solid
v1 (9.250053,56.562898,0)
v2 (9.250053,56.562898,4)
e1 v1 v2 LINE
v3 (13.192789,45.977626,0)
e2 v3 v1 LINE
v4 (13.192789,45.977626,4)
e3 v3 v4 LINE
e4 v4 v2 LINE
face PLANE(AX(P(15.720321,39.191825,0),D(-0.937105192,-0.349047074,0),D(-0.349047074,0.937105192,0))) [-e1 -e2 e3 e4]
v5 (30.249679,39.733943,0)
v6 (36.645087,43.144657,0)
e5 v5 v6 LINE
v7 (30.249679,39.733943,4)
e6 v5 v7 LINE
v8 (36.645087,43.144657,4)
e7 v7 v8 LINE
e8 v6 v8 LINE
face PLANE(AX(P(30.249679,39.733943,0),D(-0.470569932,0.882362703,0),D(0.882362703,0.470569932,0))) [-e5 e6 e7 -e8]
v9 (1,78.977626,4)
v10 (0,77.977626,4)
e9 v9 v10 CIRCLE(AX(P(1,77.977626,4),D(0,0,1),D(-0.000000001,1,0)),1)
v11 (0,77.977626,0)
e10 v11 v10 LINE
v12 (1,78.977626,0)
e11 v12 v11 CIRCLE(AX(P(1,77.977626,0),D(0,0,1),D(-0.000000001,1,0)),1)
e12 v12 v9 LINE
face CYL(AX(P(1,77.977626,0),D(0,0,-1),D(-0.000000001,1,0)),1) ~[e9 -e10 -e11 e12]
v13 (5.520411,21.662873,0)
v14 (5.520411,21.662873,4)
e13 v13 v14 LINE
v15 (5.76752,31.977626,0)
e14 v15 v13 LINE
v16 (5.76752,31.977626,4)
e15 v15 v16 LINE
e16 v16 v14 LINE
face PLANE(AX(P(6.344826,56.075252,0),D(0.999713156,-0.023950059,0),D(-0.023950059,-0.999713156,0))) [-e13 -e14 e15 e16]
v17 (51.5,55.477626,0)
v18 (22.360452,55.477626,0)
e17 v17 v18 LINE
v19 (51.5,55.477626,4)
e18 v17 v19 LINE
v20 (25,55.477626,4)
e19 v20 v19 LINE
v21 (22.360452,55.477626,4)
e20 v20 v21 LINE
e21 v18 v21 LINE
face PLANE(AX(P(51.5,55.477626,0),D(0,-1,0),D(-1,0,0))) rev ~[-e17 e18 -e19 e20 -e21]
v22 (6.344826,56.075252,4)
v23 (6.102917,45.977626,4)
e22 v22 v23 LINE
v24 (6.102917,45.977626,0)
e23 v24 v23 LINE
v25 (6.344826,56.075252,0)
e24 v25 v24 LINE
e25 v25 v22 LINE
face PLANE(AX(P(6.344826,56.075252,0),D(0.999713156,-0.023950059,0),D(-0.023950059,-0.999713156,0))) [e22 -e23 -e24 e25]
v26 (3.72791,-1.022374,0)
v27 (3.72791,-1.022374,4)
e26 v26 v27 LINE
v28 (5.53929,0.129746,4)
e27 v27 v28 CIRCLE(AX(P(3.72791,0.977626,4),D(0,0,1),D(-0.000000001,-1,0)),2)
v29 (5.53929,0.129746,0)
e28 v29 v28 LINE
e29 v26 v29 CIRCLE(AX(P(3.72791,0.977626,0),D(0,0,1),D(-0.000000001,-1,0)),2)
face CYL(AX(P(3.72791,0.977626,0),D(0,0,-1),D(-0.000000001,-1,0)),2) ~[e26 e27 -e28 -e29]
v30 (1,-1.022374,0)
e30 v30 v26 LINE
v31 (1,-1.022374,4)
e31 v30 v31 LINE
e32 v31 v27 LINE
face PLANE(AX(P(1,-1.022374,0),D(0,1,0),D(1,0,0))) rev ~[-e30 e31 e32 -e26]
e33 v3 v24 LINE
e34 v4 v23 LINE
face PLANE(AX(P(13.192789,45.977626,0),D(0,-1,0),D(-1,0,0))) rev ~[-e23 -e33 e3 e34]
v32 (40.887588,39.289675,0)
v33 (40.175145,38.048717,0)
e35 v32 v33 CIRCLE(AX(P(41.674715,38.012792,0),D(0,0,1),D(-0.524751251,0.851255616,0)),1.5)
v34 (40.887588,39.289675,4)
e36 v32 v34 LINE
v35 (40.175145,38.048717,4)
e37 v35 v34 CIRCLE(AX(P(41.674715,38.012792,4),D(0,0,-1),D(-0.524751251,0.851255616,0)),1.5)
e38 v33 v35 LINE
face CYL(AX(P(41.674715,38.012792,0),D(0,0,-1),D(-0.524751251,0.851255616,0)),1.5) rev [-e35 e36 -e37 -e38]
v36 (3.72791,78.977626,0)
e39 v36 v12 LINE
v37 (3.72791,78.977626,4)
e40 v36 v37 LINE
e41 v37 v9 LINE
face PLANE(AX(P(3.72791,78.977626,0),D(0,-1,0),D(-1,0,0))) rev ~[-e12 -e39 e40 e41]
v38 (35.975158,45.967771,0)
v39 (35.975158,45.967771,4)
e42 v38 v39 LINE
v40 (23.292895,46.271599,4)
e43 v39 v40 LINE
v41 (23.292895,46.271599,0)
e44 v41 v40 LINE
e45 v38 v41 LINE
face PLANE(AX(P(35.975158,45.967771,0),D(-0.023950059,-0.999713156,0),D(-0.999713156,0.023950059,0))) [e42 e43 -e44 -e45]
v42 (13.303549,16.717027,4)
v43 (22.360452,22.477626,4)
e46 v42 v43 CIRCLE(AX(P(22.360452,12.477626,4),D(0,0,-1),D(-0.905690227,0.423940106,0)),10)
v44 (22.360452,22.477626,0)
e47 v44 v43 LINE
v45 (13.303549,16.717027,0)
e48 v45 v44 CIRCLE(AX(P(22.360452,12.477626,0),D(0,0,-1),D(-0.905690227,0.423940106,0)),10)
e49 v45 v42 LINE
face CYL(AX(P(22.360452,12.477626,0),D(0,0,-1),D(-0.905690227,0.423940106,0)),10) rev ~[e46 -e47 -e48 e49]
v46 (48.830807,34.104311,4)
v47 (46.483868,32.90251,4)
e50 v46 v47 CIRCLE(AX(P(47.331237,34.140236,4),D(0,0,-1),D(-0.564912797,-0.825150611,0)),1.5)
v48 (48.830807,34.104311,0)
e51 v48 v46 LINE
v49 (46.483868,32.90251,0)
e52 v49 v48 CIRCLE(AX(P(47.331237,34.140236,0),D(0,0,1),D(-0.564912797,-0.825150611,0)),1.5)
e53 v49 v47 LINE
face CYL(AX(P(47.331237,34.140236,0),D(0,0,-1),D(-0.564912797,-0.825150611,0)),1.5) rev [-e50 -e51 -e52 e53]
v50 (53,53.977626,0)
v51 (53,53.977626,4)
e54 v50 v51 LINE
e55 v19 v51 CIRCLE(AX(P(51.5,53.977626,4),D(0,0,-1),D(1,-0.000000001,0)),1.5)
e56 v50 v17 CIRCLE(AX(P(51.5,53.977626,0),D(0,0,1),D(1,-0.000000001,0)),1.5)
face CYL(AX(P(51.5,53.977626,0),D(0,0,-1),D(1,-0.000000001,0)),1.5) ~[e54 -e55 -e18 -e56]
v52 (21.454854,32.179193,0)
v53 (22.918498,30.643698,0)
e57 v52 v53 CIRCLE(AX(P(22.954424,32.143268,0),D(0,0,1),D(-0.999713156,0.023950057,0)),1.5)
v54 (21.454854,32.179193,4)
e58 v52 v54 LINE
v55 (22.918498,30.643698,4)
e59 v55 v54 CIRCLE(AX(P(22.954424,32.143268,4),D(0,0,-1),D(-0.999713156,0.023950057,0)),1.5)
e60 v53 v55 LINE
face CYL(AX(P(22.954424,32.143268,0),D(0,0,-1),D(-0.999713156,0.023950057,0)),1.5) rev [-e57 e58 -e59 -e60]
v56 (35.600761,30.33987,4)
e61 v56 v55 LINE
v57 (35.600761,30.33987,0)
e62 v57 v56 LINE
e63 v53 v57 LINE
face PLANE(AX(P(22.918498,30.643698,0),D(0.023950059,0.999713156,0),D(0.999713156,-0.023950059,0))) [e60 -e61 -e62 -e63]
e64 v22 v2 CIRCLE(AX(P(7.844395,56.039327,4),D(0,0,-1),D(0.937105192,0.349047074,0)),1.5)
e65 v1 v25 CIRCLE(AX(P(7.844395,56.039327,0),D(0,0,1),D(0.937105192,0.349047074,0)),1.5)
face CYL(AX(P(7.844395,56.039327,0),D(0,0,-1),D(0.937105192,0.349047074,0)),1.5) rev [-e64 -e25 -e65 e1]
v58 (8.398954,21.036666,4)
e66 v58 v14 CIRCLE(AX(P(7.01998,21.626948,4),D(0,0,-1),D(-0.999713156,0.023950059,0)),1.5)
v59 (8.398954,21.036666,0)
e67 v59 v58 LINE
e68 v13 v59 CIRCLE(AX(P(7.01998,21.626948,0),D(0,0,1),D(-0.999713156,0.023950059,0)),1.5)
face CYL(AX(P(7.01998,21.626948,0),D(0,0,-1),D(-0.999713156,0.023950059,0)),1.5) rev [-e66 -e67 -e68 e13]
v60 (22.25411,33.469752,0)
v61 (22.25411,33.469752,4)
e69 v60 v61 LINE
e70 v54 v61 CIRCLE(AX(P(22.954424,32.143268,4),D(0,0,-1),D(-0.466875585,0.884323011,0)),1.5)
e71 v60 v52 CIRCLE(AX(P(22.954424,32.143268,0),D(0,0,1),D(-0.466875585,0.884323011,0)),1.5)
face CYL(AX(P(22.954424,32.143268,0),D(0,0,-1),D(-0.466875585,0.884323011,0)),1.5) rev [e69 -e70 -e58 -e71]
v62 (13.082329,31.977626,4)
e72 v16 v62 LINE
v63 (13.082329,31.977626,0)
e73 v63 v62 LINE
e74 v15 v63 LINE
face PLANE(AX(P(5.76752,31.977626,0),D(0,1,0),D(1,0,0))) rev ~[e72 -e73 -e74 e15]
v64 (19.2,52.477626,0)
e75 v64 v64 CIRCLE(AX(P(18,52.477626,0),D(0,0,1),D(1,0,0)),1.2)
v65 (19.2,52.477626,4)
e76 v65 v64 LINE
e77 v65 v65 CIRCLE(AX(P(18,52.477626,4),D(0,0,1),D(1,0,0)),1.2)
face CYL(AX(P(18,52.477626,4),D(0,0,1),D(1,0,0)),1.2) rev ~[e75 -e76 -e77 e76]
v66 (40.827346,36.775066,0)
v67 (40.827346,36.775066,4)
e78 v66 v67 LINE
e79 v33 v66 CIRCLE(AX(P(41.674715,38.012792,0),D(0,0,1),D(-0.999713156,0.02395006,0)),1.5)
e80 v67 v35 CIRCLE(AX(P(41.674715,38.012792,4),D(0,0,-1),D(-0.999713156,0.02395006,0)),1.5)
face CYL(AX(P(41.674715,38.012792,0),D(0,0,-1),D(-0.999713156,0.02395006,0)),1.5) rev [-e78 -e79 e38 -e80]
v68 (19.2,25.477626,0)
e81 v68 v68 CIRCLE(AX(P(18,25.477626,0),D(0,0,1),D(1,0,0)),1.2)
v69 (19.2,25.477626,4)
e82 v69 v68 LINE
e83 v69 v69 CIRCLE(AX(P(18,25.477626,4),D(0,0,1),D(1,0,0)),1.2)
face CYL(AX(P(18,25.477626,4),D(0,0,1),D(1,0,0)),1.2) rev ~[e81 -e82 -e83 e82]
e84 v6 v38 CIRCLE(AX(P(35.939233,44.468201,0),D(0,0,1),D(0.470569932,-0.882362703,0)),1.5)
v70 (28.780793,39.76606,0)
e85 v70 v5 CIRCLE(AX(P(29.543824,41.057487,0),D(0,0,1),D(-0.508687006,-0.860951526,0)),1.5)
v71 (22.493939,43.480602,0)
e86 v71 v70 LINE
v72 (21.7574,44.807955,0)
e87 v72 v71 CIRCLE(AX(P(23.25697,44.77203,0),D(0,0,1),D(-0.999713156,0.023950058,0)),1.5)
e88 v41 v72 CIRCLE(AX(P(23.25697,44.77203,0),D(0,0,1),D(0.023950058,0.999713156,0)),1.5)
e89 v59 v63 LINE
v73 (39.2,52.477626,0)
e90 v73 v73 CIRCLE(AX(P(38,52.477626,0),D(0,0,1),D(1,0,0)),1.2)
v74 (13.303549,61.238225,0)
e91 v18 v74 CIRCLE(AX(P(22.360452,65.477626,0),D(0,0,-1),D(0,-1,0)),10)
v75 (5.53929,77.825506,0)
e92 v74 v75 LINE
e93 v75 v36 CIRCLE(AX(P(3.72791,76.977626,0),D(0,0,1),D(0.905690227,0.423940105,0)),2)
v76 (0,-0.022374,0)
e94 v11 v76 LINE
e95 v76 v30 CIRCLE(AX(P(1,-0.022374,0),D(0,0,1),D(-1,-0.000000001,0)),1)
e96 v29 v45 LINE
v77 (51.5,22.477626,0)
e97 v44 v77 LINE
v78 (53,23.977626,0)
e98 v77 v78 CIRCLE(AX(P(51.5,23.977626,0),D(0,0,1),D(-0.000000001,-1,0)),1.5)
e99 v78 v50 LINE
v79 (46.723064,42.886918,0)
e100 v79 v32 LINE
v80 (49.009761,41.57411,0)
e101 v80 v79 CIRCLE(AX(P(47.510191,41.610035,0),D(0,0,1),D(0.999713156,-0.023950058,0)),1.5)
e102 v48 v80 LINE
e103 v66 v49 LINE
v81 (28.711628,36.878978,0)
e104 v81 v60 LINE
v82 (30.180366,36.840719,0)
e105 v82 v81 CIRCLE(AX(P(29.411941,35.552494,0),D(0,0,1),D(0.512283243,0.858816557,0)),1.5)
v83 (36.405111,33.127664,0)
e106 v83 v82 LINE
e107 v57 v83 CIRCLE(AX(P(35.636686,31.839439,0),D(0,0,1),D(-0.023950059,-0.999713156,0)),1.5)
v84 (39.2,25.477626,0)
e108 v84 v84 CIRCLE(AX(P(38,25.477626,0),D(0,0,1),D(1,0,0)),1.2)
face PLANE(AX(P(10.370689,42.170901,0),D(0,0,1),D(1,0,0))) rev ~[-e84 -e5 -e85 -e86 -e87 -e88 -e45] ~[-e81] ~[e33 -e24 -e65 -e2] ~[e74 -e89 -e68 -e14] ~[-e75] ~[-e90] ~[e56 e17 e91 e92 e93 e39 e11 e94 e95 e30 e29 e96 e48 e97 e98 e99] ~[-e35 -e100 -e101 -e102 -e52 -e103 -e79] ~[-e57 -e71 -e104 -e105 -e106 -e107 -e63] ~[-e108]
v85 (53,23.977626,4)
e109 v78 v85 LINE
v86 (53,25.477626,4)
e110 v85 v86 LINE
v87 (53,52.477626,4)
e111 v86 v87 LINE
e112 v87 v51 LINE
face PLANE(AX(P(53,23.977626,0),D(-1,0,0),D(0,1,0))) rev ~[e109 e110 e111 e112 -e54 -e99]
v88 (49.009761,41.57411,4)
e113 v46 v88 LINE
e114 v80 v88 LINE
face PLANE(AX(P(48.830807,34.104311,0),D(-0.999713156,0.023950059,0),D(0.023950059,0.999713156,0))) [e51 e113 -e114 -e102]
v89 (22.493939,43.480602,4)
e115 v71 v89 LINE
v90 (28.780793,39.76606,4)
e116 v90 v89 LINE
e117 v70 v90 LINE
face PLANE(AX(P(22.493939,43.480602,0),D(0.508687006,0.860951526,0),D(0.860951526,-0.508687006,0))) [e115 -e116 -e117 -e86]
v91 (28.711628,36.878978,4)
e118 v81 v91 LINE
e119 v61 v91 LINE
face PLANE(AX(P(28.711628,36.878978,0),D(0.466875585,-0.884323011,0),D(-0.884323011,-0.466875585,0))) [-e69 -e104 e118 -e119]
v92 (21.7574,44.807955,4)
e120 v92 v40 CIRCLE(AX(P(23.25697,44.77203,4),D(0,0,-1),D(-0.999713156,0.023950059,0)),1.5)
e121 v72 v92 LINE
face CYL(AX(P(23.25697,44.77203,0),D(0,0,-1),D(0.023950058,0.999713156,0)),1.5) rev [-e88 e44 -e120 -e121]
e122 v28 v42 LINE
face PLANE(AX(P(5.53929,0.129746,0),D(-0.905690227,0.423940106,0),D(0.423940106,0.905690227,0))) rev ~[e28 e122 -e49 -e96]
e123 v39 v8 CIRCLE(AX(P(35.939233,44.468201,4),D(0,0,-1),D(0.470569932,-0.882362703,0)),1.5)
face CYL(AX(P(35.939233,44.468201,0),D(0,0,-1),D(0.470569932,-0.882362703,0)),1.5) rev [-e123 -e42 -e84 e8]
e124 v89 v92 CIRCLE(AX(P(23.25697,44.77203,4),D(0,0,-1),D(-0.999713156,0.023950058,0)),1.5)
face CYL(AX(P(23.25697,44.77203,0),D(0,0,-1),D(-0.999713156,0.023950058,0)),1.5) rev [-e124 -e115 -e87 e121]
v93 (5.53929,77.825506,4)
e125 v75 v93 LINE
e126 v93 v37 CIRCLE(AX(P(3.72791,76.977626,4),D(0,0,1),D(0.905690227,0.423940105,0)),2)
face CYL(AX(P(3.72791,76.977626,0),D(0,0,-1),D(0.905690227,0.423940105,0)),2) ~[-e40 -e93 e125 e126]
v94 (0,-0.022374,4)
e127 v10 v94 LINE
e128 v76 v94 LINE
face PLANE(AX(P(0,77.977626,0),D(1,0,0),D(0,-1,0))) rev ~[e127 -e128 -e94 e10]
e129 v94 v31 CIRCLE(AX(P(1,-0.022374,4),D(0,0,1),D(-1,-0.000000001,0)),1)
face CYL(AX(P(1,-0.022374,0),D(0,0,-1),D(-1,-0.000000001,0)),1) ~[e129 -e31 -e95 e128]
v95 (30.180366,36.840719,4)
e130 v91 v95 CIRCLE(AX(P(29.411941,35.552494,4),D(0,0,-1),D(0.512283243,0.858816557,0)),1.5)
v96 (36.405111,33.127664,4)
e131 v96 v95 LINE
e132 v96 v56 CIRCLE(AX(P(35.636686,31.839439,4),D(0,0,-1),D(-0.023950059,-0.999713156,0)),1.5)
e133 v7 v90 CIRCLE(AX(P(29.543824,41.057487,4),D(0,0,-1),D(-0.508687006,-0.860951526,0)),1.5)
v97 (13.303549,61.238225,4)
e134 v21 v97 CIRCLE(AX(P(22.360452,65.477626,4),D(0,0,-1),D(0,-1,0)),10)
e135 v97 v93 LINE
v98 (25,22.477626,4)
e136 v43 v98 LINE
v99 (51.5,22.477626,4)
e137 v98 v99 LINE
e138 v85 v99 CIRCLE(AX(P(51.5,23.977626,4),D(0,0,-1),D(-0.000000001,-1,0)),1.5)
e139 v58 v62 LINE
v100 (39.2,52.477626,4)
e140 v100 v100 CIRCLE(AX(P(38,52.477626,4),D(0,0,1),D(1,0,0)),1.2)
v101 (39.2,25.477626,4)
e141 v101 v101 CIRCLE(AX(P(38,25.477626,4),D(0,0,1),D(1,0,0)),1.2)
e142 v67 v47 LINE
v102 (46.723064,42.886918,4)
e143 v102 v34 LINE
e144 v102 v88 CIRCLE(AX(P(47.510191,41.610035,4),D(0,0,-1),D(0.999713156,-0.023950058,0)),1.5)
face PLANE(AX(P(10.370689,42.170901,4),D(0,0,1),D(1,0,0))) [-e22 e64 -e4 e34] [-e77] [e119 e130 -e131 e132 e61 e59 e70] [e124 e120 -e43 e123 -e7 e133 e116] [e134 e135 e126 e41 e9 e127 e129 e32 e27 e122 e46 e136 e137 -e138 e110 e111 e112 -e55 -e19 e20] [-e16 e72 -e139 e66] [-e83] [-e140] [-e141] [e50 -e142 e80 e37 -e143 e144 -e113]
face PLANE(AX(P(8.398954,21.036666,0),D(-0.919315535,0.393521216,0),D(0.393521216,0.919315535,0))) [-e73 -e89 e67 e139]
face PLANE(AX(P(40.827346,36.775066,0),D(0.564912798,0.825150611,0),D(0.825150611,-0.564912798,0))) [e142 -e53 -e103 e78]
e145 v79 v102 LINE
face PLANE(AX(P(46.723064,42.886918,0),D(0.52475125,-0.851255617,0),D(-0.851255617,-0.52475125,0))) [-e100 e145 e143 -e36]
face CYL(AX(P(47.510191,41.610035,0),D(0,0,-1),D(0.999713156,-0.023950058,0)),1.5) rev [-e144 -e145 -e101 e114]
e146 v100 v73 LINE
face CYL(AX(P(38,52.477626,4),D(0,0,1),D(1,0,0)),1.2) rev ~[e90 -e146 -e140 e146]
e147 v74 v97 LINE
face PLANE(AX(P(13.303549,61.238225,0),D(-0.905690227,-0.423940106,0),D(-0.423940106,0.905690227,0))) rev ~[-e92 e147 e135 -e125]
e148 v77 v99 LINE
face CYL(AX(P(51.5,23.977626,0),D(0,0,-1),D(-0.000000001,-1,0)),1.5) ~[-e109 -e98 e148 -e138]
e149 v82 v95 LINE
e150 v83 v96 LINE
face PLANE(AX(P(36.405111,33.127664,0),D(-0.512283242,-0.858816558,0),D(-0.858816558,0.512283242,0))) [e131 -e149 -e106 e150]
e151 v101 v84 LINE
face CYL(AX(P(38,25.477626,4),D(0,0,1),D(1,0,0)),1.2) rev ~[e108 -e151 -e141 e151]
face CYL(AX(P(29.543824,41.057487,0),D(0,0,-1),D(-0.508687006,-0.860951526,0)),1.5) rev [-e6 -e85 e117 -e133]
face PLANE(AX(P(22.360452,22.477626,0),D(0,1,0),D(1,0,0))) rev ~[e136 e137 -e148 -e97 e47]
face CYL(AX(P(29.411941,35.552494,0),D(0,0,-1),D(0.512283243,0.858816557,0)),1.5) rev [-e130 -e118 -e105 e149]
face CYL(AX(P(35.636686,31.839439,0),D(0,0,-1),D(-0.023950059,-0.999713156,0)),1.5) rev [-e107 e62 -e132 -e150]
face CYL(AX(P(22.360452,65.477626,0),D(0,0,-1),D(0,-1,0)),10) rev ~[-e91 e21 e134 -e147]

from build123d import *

# Parameters (mm, degrees)
EXTRUDE_1_DEPTH     = 11
CUT_EXTRUDE_START   = -7
CUT_EXTRUDE_1_DEPTH = 7
SKETCH_3_R          = 2.05
CUT_EXTRUDE_2_DEPTH = 37
FILLET_1_R          = 2
EXTRUDE_START       = -4
EXTRUDE_2_DEPTH     = 4
SKETCH_5_W          = 34.461524683
SKETCH_5_H          = 8.345685775
CUT_EXTRUDE_3_DEPTH = 34
SKETCH_6_R          = 1.2
CUT_EXTRUDE_4_DEPTH = 10


with BuildPart() as part:
    # 草图1 → 凸台-拉伸1 (new body)
    with BuildSketch(Plane.XY):
        with BuildLine():
            Line((3.72790966, 78.977626184), (1, 78.977626184))
            ThreePointArc((1, 78.977626184), (0.292893219, 78.684732965), (0, 77.977626184))
            Line((0, 77.977626184), (0, -0.022373816))
            ThreePointArc((0, -0.022373816), (0.292893219, -0.729480597), (1, -1.022373816))
            Line((1, -1.022373816), (3.72790966, -1.022373816))
            ThreePointArc((3.72790966, -1.022373816), (4.801278091, -0.709940174), (5.539290113, 0.129745972))
            Line((5.539290113, 0.129745972), (13.303549433, 16.717027245))
            ThreePointArc((13.303549433, 16.717027245), (16.993609545, 20.915457973), (22.360451698, 22.477626184))
            Line((22.360451698, 22.477626184), (51.5, 22.477626184))
            ThreePointArc((51.5, 22.477626184), (52.560660172, 22.916966012), (53, 23.977626184))
            Line((53, 23.977626184), (53, 53.977626184))
            ThreePointArc((53, 53.977626184), (52.560660172, 55.038286356), (51.5, 55.477626184))
            Line((51.5, 55.477626184), (22.360451698, 55.477626184))
            ThreePointArc((22.360451698, 55.477626184), (16.993609545, 57.039794395), (13.303549433, 61.238225124))
            Line((13.303549433, 61.238225124), (5.539290113, 77.825506396))
            ThreePointArc((5.539290113, 77.825506396), (4.801278091, 78.665192542), (3.72790966, 78.977626184))
        make_face()
        with BuildLine():
            Line((46.723063893, 42.88691809), (40.887588257, 39.289675292))
            ThreePointArc((40.887588257, 39.289675292), (40.373853978, 38.759625352), (40.175145399, 38.048716955))
            ThreePointArc((40.175145399, 38.048716955), (40.339583189, 37.329108685), (40.827345936, 36.77506595))
            Line((40.827345936, 36.77506595), (46.483868127, 32.90251016))
            ThreePointArc((46.483868127, 32.90251016), (48.014920506, 32.805104134), (48.830807058, 34.104310989))
            Line((48.830807058, 34.104310989), (49.009760503, 41.574109577))
            ThreePointArc((49.009760503, 41.574109577), (48.257024254, 42.91089582), (46.723063893, 42.88691809))
        make_face(mode=Mode.SUBTRACT)
        with BuildLine():
            Line((35.975157614, 45.967771208), (23.29289503, 46.27159929))
            ThreePointArc((23.29289503, 46.27159929), (22.222016888, 45.857788357), (21.757400208, 44.807954643))
            ThreePointArc((21.757400208, 44.807954643), (21.945365563, 44.044228792), (22.493939434, 43.480602267))
            Line((22.493939434, 43.480602267), (28.780793319, 39.766059947))
            ThreePointArc((28.780793319, 39.766059947), (29.511034587, 39.557845657), (30.249678725, 39.733943182))
            Line((30.249678725, 39.733943182), (36.645087423, 43.144657419))
            ThreePointArc((36.645087423, 43.144657419), (37.398702379, 44.814536207), (35.975157614, 45.967771208))
        make_face(mode=Mode.SUBTRACT)
        with BuildLine():
            Line((28.711627706, 36.878978358), (22.254110192, 33.469752057))
            ThreePointArc((22.254110192, 33.469752057), (21.679175619, 32.933041346), (21.454853835, 32.179192628))
            ThreePointArc((21.454853835, 32.179192628), (21.868664769, 31.108314486), (22.918498482, 30.643697806))
            Line((22.918498482, 30.643697806), (35.600761065, 30.339869724))
            ThreePointArc((35.600761065, 30.339869724), (37.077896972, 31.42361332), (36.405111016, 33.127664295))
            Line((36.405111016, 33.127664295), (30.180365947, 36.840718678))
            ThreePointArc((30.180365947, 36.840718678), (29.451001862, 37.051985174), (28.711627706, 36.878978358))
        make_face(mode=Mode.SUBTRACT)
        with BuildLine():
            Line((8.398953615, 21.036666397), (15.693636896, 38.077972893))
            ThreePointArc((15.693636896, 38.077972893), (15.814233328, 38.63232963), (15.720321381, 39.191825329))
            Line((15.720321381, 39.191825329), (9.25005307, 56.562897813))
            ThreePointArc((9.25005307, 56.562897813), (7.596092236, 57.518632984), (6.344825548, 56.075252289))
            Line((6.344825548, 56.075252289), (5.520410579, 21.66287331))
            ThreePointArc((5.520410579, 21.66287331), (6.701123529, 20.161229848), (8.398953615, 21.036666397))
        make_face(mode=Mode.SUBTRACT)
    extrude(amount=EXTRUDE_1_DEPTH)

    # 草图2 → 切除-拉伸1 (cut)
    with BuildSketch(Plane.XY.offset(11).offset(CUT_EXTRUDE_START)):
        with BuildLine():
            Line((23, 22.477626184), (23, 27.477626184))
            Line((23, 27.477626184), (53, 27.477626184))
            Line((53, 27.477626184), (53, 50.477626184))
            Line((53, 50.477626184), (23, 50.477626184))
            Line((23, 50.477626184), (23, 55.477626184))
            Line((23, 55.477626184), (22.360451698, 55.477626184))
            ThreePointArc((22.360451698, 55.477626184), (16.993609545, 57.039794395), (13.303549433, 61.238225124))
            Line((13.303549433, 61.238225124), (5.539290113, 77.825506396))
            ThreePointArc((5.539290113, 77.825506396), (4.801278091, 78.665192542), (3.72790966, 78.977626184))
            Line((3.72790966, 78.977626184), (1, 78.977626184))
            ThreePointArc((1, 78.977626184), (0.292893219, 78.684732965), (0, 77.977626184))
            Line((0, 77.977626184), (0, -0.022373816))
            ThreePointArc((0, -0.022373816), (0.292893219, -0.729480597), (1, -1.022373816))
            Line((1, -1.022373816), (3.72790966, -1.022373816))
            ThreePointArc((3.72790966, -1.022373816), (4.801278091, -0.709940174), (5.539290113, 0.129745972))
            Line((5.539290113, 0.129745972), (13.303549433, 16.717027245))
            ThreePointArc((13.303549433, 16.717027245), (16.993609545, 20.915457973), (22.360451698, 22.477626184))
            Line((22.360451698, 22.477626184), (23, 22.477626184))
        make_face()
    extrude(amount=CUT_EXTRUDE_1_DEPTH, mode=Mode.SUBTRACT)

    # 草图3 → 切除-拉伸2 (cut)
    with BuildSketch(Plane(origin=(0, 55.477626184, 0), x_dir=(1, 0, 0), z_dir=(0, 1, 0))):
        with Locations(Location((48, -8, 0), (0, 0, 180))):
            Circle(SKETCH_3_R)
        with Locations(Location((28, -8, 0), (0, 0, 180))):
            Circle(SKETCH_3_R)
    extrude(amount=-CUT_EXTRUDE_2_DEPTH, mode=Mode.SUBTRACT)

    # 圆角1
    fillet_1_edges = [part.edges().sort_by_distance(p)[0] for p in [
        (53, 50.477626184, 7.5),
        (53, 27.477626184, 7.5),
        (23, 27.477626184, 7.5),
        (23, 22.477626184, 7.5),
        (23, 55.477626184, 7.5),
        (23, 50.477626184, 7.5),
    ]]
    fillet(fillet_1_edges, radius=FILLET_1_R)

    # 草图4 → 凸台-拉伸2 (add)
    with BuildSketch(Plane.XY.offset(4).offset(EXTRUDE_START)):
        with BuildLine():
            Line((5.935218909, 38.977626184), (15.782413333, 38.977626184))
            ThreePointArc((15.782413333, 38.977626184), (15.755353714, 39.08588132), (15.720321381, 39.191825329))
            Line((15.720321381, 39.191825329), (13.192788767, 45.977626184))
            Line((13.192788767, 45.977626184), (6.102917422, 45.977626184))
            Line((6.102917422, 45.977626184), (5.935218909, 38.977626184))
        make_face()
        with BuildLine():
            Line((5.767520396, 31.977626184), (13.082329062, 31.977626184))
            Line((13.082329062, 31.977626184), (15.693636896, 38.077972893))
            ThreePointArc((15.693636896, 38.077972893), (15.807413415, 38.520952405), (15.782413333, 38.977626184))
            Line((15.782413333, 38.977626184), (5.935218909, 38.977626184))
            Line((5.935218909, 38.977626184), (5.767520396, 31.977626184))
        make_face()
    extrude(amount=EXTRUDE_2_DEPTH)

    # 草图5 → 切除-拉伸3 (cut)
    with BuildSketch(Plane(origin=(0, 55.477626184, 0), x_dir=(1, 0, 0), z_dir=(0, 1, 0))):
        with Locations((40.230762341, -8.172842887)):
            Rectangle(SKETCH_5_W, SKETCH_5_H)
    extrude(amount=-CUT_EXTRUDE_3_DEPTH, mode=Mode.SUBTRACT)

    # 草图6 → 切除-拉伸4 (cut)
    with BuildSketch(Plane.XY.offset(4)):
        with Locations((38, 52.477626184)):
            Circle(SKETCH_6_R)
        with Locations((18, 52.477626184)):
            Circle(SKETCH_6_R)
        with Locations((18, 25.477626184)):
            Circle(SKETCH_6_R)
        with Locations((38, 25.477626184)):
            Circle(SKETCH_6_R)
    extrude(amount=-CUT_EXTRUDE_4_DEPTH, mode=Mode.SUBTRACT)


solid = part.part
